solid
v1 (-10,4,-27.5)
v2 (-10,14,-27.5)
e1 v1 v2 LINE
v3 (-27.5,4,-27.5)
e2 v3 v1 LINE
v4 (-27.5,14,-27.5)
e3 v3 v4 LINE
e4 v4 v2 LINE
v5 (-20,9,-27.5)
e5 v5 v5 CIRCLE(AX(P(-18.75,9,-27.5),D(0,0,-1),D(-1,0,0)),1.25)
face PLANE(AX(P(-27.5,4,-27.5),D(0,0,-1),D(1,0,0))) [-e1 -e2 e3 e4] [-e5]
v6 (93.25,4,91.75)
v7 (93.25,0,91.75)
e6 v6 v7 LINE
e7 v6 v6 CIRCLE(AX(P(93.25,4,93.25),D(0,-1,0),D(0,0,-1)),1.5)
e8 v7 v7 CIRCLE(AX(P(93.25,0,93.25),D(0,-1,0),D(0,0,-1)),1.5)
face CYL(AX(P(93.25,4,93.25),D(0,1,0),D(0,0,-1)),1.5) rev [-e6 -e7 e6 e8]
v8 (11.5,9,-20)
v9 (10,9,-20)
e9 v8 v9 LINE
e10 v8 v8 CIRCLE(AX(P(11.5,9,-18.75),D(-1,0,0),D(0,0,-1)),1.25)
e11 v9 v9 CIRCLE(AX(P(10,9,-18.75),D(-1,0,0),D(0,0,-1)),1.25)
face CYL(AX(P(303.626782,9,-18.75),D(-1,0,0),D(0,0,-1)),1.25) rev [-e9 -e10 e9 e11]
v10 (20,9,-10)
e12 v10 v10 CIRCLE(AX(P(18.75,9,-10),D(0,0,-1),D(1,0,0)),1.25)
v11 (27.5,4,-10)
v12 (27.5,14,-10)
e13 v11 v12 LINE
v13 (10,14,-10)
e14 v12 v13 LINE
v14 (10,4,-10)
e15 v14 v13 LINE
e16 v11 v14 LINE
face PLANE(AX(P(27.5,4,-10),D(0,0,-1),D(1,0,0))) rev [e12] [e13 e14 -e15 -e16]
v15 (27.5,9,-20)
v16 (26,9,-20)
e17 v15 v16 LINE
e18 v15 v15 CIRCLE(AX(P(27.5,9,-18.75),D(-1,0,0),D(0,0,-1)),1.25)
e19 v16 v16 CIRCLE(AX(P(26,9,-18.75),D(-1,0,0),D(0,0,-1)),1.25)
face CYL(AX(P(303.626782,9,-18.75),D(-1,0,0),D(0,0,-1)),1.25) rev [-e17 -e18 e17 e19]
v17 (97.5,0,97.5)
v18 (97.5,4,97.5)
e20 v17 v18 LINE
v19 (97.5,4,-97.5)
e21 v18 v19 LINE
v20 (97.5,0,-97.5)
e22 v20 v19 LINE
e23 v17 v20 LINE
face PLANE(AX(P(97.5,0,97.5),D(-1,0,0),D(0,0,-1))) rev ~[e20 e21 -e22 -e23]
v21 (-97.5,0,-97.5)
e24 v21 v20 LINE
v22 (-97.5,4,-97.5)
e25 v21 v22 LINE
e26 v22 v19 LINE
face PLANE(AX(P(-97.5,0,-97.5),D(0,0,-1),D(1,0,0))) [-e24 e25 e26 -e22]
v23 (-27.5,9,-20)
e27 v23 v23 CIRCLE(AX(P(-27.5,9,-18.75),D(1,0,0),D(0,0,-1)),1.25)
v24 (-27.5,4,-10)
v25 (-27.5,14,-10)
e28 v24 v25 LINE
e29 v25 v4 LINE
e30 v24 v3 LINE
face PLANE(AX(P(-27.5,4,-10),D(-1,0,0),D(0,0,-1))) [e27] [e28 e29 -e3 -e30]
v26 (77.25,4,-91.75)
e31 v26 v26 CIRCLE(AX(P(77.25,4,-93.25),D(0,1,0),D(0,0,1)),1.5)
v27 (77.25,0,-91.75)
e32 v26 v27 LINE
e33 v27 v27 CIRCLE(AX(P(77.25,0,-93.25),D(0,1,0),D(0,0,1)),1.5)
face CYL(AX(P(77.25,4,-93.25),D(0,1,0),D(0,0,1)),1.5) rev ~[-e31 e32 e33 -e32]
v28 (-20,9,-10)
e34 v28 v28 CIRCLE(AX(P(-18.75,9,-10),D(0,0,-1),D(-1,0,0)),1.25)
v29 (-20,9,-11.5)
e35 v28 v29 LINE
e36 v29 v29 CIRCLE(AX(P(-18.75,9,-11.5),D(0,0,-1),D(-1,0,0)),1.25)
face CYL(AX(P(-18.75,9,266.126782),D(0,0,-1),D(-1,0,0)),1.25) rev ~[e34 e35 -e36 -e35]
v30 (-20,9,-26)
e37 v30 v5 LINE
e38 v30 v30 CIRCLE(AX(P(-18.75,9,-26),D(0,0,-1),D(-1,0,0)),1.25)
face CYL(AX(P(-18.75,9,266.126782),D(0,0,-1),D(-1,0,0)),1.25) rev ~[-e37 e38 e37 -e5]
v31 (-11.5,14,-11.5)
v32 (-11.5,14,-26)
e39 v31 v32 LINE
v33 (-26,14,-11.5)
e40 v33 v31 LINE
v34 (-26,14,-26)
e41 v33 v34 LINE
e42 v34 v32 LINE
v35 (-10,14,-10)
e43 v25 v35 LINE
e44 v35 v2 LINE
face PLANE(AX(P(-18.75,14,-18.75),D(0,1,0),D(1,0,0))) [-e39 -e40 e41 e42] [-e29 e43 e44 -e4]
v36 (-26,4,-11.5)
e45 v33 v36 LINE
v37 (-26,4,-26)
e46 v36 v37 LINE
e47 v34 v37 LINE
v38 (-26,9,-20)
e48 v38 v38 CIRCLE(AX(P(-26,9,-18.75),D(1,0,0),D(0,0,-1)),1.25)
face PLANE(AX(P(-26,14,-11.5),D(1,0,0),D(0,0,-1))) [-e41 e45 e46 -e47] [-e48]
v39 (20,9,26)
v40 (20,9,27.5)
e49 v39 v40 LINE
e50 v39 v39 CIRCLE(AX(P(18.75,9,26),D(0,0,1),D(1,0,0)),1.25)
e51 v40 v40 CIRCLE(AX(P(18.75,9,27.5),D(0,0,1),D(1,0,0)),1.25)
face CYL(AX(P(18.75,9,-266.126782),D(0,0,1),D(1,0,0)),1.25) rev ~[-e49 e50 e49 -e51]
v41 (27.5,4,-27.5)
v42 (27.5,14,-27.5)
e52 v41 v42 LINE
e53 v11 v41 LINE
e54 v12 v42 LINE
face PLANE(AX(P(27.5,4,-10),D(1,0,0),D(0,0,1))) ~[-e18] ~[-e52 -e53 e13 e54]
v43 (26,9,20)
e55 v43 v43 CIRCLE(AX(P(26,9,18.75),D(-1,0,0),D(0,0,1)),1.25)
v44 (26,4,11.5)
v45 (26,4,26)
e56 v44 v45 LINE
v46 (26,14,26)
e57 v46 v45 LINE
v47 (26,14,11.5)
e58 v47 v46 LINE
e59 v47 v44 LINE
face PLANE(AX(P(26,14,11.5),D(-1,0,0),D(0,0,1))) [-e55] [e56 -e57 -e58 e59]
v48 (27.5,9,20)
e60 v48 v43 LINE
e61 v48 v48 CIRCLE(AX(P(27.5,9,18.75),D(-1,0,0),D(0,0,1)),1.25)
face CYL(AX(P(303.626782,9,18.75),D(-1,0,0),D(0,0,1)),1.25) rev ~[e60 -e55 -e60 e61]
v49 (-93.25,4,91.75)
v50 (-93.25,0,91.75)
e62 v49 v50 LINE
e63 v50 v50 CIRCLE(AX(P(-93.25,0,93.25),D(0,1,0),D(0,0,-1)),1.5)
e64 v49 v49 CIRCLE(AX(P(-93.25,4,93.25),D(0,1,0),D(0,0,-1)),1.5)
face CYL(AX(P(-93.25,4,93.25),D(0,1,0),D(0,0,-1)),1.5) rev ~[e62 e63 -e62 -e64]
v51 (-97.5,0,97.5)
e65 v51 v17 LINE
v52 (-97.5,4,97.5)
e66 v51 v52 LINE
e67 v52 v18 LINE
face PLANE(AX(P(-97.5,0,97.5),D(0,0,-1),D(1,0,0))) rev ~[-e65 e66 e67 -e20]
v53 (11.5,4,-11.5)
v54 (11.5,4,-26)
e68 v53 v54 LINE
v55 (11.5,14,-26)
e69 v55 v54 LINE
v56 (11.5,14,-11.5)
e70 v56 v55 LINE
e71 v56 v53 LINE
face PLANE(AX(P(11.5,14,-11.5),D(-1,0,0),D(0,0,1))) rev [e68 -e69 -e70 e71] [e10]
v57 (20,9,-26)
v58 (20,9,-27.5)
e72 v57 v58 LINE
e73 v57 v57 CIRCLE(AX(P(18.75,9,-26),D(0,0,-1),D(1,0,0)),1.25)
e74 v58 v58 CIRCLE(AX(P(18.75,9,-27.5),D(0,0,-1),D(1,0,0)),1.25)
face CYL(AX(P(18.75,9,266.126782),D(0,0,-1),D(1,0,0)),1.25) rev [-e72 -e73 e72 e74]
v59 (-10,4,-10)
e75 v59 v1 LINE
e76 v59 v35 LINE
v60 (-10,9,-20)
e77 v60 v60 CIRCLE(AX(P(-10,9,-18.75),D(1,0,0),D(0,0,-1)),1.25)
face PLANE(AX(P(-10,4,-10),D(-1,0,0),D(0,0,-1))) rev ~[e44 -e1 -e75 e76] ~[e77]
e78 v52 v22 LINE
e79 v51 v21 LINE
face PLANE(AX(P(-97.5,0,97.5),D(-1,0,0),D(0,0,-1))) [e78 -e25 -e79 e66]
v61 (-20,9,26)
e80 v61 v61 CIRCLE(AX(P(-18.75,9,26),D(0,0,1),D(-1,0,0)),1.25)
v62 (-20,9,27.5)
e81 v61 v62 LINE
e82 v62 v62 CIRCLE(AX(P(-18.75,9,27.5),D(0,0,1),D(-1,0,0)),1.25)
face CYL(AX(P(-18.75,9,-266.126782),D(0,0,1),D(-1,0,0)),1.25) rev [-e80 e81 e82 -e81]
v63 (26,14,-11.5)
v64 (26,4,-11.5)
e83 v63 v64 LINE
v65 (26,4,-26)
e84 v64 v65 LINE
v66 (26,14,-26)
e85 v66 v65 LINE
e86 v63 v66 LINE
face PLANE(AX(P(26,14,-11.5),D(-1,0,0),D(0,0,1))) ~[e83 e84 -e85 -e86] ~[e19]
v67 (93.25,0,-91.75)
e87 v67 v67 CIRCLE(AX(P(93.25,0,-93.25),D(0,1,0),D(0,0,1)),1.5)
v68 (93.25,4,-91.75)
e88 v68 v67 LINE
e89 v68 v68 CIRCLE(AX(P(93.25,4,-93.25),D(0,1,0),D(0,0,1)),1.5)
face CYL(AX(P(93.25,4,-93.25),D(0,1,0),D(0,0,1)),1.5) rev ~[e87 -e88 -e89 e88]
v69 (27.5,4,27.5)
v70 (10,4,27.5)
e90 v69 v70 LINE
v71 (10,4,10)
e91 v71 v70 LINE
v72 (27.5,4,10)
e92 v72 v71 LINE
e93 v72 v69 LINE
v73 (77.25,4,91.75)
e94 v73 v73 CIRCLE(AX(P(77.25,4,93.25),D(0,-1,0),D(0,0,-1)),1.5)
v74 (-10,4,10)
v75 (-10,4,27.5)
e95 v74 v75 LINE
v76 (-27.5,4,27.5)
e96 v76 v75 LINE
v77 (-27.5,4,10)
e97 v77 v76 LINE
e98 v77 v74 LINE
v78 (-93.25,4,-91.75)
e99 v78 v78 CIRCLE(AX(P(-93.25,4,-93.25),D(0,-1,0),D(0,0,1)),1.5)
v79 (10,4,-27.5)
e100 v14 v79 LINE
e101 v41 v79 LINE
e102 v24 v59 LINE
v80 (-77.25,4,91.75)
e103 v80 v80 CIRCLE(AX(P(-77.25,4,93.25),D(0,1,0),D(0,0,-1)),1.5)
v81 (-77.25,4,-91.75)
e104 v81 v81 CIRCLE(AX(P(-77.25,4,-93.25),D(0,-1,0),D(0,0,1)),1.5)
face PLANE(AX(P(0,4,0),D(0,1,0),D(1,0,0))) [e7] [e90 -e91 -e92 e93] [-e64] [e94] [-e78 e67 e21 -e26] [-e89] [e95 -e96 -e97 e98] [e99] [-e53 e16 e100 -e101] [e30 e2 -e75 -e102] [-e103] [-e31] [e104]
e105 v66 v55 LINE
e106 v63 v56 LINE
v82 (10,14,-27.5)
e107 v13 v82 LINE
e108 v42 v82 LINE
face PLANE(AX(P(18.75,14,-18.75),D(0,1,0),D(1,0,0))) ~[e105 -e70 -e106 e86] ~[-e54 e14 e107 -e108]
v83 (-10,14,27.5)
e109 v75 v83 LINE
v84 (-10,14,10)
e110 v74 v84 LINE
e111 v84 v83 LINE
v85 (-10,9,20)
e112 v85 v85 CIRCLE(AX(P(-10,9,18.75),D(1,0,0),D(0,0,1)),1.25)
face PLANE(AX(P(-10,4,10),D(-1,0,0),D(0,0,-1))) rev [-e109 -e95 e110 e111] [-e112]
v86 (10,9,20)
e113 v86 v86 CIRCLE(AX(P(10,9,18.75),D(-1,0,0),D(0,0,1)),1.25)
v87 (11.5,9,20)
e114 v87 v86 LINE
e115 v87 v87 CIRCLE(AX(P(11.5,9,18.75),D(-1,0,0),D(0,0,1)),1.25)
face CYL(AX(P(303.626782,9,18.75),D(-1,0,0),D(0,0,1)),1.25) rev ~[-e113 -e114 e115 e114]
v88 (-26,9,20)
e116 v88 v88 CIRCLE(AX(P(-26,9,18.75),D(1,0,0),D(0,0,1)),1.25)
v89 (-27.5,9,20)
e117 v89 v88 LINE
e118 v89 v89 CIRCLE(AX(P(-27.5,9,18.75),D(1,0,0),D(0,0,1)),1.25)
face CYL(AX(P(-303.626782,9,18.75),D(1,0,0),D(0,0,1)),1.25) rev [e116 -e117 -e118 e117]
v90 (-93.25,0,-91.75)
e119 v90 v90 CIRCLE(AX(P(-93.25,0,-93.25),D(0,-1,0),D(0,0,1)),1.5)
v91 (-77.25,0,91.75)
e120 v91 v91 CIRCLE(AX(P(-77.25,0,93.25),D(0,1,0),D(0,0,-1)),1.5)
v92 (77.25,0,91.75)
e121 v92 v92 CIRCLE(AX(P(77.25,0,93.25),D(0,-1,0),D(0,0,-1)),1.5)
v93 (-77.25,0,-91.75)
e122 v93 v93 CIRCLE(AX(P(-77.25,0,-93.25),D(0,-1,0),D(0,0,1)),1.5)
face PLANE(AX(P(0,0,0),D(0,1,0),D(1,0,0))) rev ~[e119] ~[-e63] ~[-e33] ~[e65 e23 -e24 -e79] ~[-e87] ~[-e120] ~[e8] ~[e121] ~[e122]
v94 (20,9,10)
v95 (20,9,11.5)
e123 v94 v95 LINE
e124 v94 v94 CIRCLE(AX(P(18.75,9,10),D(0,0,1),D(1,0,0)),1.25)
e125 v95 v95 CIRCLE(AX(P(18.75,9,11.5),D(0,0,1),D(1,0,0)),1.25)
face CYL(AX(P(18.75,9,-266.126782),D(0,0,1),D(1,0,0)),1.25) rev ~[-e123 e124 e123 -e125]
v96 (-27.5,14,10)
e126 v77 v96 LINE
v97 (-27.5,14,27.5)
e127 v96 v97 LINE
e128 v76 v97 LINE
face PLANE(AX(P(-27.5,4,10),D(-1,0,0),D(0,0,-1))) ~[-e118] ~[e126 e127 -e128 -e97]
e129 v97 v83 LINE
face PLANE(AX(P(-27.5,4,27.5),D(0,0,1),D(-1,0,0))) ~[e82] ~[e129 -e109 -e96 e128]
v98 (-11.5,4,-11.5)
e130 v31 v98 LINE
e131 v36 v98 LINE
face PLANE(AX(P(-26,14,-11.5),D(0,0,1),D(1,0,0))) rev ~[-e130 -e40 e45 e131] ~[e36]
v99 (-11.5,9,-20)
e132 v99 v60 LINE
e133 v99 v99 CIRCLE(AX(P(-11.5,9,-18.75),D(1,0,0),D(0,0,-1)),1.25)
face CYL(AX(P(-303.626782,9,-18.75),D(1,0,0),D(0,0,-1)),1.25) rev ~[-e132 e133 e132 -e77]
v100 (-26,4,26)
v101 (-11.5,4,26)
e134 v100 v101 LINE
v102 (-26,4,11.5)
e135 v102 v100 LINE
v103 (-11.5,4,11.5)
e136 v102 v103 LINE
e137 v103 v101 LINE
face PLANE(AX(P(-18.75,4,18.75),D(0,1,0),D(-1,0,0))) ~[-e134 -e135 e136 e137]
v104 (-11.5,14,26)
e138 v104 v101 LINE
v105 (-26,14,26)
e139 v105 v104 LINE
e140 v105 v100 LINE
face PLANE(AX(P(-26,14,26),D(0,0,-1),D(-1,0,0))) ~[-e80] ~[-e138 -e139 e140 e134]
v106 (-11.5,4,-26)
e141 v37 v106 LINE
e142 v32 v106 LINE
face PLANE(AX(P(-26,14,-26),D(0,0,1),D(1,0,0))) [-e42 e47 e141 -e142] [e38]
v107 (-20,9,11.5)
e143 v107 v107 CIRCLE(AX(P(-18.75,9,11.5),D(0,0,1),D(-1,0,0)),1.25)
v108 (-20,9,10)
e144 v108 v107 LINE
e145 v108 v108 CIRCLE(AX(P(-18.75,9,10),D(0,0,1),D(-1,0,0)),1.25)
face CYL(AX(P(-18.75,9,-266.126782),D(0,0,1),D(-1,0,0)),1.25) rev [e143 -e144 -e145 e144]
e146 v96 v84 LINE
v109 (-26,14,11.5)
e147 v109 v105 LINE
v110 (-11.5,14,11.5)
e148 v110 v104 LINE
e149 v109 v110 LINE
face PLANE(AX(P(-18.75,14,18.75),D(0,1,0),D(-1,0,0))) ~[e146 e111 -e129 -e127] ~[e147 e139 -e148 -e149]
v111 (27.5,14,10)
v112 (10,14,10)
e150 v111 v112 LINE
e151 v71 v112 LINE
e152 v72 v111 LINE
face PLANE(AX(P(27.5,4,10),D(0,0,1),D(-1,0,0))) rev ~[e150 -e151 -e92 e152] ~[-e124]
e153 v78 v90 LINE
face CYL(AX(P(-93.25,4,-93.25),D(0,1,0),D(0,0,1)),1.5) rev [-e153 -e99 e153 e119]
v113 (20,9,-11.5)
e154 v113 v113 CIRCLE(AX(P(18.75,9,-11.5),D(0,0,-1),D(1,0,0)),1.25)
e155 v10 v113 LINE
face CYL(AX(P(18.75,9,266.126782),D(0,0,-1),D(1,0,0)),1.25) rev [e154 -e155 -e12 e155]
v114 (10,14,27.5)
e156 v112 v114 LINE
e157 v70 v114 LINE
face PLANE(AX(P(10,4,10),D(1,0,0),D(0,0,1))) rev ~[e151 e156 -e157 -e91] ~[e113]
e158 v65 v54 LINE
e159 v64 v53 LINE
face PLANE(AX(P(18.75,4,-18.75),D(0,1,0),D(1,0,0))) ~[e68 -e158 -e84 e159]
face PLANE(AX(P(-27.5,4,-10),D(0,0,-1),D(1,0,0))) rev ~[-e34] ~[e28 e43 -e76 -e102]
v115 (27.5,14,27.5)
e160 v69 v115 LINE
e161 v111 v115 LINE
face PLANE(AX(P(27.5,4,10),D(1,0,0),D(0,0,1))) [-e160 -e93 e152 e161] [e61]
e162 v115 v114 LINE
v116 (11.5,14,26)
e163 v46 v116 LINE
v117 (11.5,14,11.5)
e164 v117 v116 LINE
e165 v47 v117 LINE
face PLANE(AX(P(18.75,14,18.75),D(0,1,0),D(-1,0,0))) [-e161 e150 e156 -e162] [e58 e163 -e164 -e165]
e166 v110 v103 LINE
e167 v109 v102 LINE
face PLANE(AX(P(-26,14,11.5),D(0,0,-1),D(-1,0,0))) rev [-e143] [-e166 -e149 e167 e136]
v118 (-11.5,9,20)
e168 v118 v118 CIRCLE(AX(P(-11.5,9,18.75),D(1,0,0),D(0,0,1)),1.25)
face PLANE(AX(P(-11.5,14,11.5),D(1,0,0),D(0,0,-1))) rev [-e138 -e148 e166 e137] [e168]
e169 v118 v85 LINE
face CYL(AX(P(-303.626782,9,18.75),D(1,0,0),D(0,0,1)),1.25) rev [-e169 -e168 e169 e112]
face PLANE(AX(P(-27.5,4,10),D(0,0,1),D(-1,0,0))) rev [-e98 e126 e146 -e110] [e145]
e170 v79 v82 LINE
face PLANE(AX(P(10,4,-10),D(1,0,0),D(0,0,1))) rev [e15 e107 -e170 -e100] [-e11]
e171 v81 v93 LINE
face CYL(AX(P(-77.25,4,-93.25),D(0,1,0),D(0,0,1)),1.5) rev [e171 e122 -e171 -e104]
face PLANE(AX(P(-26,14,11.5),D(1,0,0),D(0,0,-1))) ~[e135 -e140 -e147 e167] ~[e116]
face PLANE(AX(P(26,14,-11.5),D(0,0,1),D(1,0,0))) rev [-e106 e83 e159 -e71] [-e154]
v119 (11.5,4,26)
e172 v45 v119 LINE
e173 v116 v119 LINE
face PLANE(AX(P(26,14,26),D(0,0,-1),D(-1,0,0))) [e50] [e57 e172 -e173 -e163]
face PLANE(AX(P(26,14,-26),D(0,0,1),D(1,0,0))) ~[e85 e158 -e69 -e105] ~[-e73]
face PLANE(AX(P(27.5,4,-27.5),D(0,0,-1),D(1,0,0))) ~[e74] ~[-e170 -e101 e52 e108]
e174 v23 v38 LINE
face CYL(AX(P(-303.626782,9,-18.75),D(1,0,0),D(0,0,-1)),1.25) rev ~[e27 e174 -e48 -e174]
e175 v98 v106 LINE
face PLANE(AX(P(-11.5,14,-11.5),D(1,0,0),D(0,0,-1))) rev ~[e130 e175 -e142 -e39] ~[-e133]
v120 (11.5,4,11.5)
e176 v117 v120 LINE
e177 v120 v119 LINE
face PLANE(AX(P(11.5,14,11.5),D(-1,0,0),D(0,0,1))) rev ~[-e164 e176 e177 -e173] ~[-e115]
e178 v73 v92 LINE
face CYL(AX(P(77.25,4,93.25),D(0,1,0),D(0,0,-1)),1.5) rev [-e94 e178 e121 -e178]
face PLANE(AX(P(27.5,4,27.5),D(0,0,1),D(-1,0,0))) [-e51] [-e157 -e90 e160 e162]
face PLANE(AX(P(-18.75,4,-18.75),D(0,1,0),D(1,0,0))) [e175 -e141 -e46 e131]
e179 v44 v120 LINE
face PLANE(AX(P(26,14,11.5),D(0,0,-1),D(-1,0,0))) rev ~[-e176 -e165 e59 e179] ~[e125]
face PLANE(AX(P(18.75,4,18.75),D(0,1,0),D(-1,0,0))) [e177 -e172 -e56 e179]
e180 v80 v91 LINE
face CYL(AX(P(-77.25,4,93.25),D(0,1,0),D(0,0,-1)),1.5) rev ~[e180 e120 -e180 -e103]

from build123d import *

# Parameters (mm, degrees)
SKETCH1_W                   = 195
SKETCH1_H                   = 195
BOSS_EXTRUDE1_DEPTH         = 4
SKETCH2_W                   = 17.5
SKETCH2_H                   = 17.5
BOSS_EXTRUDE2_DEPTH         = 10
SKETCH3_W                   = 14.5
SKETCH3_H                   = 14.5
CUT_EXTRUDE1_DEPTH          = 10
TAP_DRILL_FOR_M3X0_5_TAP1_D = 2.5
TAP_DRILL_FOR_M3X0_5_TAP2_D = 2.5
MIRROR2_COPY_1_SKETCH_W     = 17.5
MIRROR2_COPY_1_SKETCH_H     = 17.5
MIRROR2_COPY_1_DEPTH        = 10
MIRROR2_COPY_2_SKETCH_W     = 14.5
MIRROR2_COPY_2_SKETCH_H     = 14.5
MIRROR2_COPY_2_DEPTH        = 10
MIRROR2_COPY_3_D            = 2.5
MIRROR2_COPY_4_D            = 2.5
SKETCH8_R                   = 1.5
CUT_EXTRUDE2_DEPTH          = 4
MIRROR4_COPY_1_SKETCH_R     = 1.5
MIRROR4_COPY_1_DEPTH        = 4


with BuildPart() as part:
    # Sketch1 → Boss-Extrude1 (new body)
    with BuildSketch(Plane(origin=(0, 0, 0), x_dir=(1, 0, 0), z_dir=(0, 1, 0))):
        Rectangle(SKETCH1_W, SKETCH1_H)
    extrude(amount=BOSS_EXTRUDE1_DEPTH)

    # Sketch2 → Boss-Extrude2 (add)
    with BuildSketch(Plane(origin=(0, 4, 0), x_dir=(1, 0, 0), z_dir=(0, 1, 0))):
        with Locations((-18.75, 18.75)):
            Rectangle(SKETCH2_W, SKETCH2_H)
    boss_extrude2 = extrude(amount=BOSS_EXTRUDE2_DEPTH)

    # Sketch3 → Cut-Extrude1 (cut)
    with BuildSketch(Plane(origin=(0, 14, 0), x_dir=(1, 0, 0), z_dir=(0, 1, 0))):
        with Locations((-18.75, 18.75)):
            Rectangle(SKETCH3_W, SKETCH3_H)
    cut_extrude1 = extrude(amount=-CUT_EXTRUDE1_DEPTH, mode=Mode.SUBTRACT)

    # Tap Drill for M3x0.5 Tap1 (through all)
    with Locations(Plane.XY.offset(-10)):
        with Locations((-18.75, 9)):
            tap_drill_for_m3x0_5_tap1 = Hole(TAP_DRILL_FOR_M3X0_5_TAP1_D / 2)

    # Tap Drill for M3x0.5 Tap2 (through all)
    with Locations(Plane.ZY.offset(27.5)):
        with Locations((-18.75, 9)):
            tap_drill_for_m3x0_5_tap2 = Hole(TAP_DRILL_FOR_M3X0_5_TAP2_D / 2)

    # Mirror1: Boss-Extrude2, Cut-Extrude1, Tap Drill for M3x0.5 Tap1, Tap Drill for M3x0.5 Tap2 across plane
    add(boss_extrude2.mirror(Plane(origin=(0, 0, 0), x_dir=(1, 0, 0), z_dir=(0, 0, -1))))
    add(cut_extrude1.mirror(Plane(origin=(0, 0, 0), x_dir=(1, 0, 0), z_dir=(0, 0, -1))), mode=Mode.SUBTRACT)
    add(tap_drill_for_m3x0_5_tap1.mirror(Plane(origin=(0, 0, 0), x_dir=(1, 0, 0), z_dir=(0, 0, -1))), mode=Mode.SUBTRACT)
    add(tap_drill_for_m3x0_5_tap2.mirror(Plane(origin=(0, 0, 0), x_dir=(1, 0, 0), z_dir=(0, 0, -1))), mode=Mode.SUBTRACT)

    # Mirror2: Boss-Extrude2, Cut-Extrude1, Tap Drill for M3x0.5 Tap1, Tap Drill for M3x0.5 Tap2 across plane
    add(boss_extrude2.mirror(Plane.ZY))
    add(cut_extrude1.mirror(Plane.ZY), mode=Mode.SUBTRACT)
    add(tap_drill_for_m3x0_5_tap1.mirror(Plane.ZY), mode=Mode.SUBTRACT)
    add(tap_drill_for_m3x0_5_tap2.mirror(Plane.ZY), mode=Mode.SUBTRACT)

    # Mirror2 copy 1 sketch → Mirror2 copy 1 (add)
    with BuildSketch(Plane(origin=(0, 4, 0), x_dir=(-1, 0, 0), z_dir=(0, 1, 0))):
        with Locations((-18.75, 18.75)):
            Rectangle(MIRROR2_COPY_1_SKETCH_W, MIRROR2_COPY_1_SKETCH_H)
    extrude(amount=MIRROR2_COPY_1_DEPTH)

    # Mirror2 copy 2 sketch → Mirror2 copy 2 (cut)
    with BuildSketch(Plane(origin=(0, 14, 0), x_dir=(-1, 0, 0), z_dir=(0, 1, 0))):
        with Locations((-18.75, 18.75)):
            Rectangle(MIRROR2_COPY_2_SKETCH_W, MIRROR2_COPY_2_SKETCH_H)
    extrude(amount=-MIRROR2_COPY_2_DEPTH, mode=Mode.SUBTRACT)

    # Mirror2 copy 3 (through all)
    with Locations(Plane(origin=(0, 0, 10), x_dir=(-1, 0, 0), z_dir=(0, 0, -1))):
        with Locations((-18.75, 9)):
            Hole(MIRROR2_COPY_3_D / 2)

    # Mirror2 copy 4 (through all)
    with Locations(Plane(origin=(27.5, 0, 0), x_dir=(0, 0, -1), z_dir=(1, 0, 0))):
        with Locations((-18.75, 9)):
            Hole(MIRROR2_COPY_4_D / 2)

    # Sketch8 → Cut-Extrude2 (cut)
    with BuildSketch(Plane(origin=(0, 4, 0), x_dir=(1, 0, 0), z_dir=(0, 1, 0))):
        with Locations(Location((77.25, 93.25, 0), (0, 0, 270))):  # turned: the seam where the file's is
            Circle(SKETCH8_R)
        with Locations(Location((93.25, 93.25, 0), (0, 0, 270))):  # turned: the seam where the file's is
            Circle(SKETCH8_R)
    cut_extrude2 = extrude(amount=-CUT_EXTRUDE2_DEPTH, mode=Mode.SUBTRACT)

    # Mirror3: Cut-Extrude2 across plane
    add(cut_extrude2.mirror(Plane.ZY), mode=Mode.SUBTRACT)

    # Mirror4: Cut-Extrude2 across plane
    add(cut_extrude2.mirror(Plane(origin=(0, 0, 0), x_dir=(1, 0, 0), z_dir=(0, 0, -1))), mode=Mode.SUBTRACT)

    # Mirror4 copy 1 sketch → Mirror4 copy 1 (cut)
    with BuildSketch(Plane(origin=(0, 4, 0), x_dir=(-1, 0, 0), z_dir=(0, 1, 0))):
        with Locations(Location((77.25, 93.25, 0), (0, 0, 270))):  # turned: the seam where the file's is
            Circle(MIRROR4_COPY_1_SKETCH_R)
        with Locations(Location((93.25, 93.25, 0), (0, 0, 270))):  # turned: the seam where the file's is
            Circle(MIRROR4_COPY_1_SKETCH_R)
    extrude(amount=-MIRROR4_COPY_1_DEPTH, mode=Mode.SUBTRACT)


solid = part.part
